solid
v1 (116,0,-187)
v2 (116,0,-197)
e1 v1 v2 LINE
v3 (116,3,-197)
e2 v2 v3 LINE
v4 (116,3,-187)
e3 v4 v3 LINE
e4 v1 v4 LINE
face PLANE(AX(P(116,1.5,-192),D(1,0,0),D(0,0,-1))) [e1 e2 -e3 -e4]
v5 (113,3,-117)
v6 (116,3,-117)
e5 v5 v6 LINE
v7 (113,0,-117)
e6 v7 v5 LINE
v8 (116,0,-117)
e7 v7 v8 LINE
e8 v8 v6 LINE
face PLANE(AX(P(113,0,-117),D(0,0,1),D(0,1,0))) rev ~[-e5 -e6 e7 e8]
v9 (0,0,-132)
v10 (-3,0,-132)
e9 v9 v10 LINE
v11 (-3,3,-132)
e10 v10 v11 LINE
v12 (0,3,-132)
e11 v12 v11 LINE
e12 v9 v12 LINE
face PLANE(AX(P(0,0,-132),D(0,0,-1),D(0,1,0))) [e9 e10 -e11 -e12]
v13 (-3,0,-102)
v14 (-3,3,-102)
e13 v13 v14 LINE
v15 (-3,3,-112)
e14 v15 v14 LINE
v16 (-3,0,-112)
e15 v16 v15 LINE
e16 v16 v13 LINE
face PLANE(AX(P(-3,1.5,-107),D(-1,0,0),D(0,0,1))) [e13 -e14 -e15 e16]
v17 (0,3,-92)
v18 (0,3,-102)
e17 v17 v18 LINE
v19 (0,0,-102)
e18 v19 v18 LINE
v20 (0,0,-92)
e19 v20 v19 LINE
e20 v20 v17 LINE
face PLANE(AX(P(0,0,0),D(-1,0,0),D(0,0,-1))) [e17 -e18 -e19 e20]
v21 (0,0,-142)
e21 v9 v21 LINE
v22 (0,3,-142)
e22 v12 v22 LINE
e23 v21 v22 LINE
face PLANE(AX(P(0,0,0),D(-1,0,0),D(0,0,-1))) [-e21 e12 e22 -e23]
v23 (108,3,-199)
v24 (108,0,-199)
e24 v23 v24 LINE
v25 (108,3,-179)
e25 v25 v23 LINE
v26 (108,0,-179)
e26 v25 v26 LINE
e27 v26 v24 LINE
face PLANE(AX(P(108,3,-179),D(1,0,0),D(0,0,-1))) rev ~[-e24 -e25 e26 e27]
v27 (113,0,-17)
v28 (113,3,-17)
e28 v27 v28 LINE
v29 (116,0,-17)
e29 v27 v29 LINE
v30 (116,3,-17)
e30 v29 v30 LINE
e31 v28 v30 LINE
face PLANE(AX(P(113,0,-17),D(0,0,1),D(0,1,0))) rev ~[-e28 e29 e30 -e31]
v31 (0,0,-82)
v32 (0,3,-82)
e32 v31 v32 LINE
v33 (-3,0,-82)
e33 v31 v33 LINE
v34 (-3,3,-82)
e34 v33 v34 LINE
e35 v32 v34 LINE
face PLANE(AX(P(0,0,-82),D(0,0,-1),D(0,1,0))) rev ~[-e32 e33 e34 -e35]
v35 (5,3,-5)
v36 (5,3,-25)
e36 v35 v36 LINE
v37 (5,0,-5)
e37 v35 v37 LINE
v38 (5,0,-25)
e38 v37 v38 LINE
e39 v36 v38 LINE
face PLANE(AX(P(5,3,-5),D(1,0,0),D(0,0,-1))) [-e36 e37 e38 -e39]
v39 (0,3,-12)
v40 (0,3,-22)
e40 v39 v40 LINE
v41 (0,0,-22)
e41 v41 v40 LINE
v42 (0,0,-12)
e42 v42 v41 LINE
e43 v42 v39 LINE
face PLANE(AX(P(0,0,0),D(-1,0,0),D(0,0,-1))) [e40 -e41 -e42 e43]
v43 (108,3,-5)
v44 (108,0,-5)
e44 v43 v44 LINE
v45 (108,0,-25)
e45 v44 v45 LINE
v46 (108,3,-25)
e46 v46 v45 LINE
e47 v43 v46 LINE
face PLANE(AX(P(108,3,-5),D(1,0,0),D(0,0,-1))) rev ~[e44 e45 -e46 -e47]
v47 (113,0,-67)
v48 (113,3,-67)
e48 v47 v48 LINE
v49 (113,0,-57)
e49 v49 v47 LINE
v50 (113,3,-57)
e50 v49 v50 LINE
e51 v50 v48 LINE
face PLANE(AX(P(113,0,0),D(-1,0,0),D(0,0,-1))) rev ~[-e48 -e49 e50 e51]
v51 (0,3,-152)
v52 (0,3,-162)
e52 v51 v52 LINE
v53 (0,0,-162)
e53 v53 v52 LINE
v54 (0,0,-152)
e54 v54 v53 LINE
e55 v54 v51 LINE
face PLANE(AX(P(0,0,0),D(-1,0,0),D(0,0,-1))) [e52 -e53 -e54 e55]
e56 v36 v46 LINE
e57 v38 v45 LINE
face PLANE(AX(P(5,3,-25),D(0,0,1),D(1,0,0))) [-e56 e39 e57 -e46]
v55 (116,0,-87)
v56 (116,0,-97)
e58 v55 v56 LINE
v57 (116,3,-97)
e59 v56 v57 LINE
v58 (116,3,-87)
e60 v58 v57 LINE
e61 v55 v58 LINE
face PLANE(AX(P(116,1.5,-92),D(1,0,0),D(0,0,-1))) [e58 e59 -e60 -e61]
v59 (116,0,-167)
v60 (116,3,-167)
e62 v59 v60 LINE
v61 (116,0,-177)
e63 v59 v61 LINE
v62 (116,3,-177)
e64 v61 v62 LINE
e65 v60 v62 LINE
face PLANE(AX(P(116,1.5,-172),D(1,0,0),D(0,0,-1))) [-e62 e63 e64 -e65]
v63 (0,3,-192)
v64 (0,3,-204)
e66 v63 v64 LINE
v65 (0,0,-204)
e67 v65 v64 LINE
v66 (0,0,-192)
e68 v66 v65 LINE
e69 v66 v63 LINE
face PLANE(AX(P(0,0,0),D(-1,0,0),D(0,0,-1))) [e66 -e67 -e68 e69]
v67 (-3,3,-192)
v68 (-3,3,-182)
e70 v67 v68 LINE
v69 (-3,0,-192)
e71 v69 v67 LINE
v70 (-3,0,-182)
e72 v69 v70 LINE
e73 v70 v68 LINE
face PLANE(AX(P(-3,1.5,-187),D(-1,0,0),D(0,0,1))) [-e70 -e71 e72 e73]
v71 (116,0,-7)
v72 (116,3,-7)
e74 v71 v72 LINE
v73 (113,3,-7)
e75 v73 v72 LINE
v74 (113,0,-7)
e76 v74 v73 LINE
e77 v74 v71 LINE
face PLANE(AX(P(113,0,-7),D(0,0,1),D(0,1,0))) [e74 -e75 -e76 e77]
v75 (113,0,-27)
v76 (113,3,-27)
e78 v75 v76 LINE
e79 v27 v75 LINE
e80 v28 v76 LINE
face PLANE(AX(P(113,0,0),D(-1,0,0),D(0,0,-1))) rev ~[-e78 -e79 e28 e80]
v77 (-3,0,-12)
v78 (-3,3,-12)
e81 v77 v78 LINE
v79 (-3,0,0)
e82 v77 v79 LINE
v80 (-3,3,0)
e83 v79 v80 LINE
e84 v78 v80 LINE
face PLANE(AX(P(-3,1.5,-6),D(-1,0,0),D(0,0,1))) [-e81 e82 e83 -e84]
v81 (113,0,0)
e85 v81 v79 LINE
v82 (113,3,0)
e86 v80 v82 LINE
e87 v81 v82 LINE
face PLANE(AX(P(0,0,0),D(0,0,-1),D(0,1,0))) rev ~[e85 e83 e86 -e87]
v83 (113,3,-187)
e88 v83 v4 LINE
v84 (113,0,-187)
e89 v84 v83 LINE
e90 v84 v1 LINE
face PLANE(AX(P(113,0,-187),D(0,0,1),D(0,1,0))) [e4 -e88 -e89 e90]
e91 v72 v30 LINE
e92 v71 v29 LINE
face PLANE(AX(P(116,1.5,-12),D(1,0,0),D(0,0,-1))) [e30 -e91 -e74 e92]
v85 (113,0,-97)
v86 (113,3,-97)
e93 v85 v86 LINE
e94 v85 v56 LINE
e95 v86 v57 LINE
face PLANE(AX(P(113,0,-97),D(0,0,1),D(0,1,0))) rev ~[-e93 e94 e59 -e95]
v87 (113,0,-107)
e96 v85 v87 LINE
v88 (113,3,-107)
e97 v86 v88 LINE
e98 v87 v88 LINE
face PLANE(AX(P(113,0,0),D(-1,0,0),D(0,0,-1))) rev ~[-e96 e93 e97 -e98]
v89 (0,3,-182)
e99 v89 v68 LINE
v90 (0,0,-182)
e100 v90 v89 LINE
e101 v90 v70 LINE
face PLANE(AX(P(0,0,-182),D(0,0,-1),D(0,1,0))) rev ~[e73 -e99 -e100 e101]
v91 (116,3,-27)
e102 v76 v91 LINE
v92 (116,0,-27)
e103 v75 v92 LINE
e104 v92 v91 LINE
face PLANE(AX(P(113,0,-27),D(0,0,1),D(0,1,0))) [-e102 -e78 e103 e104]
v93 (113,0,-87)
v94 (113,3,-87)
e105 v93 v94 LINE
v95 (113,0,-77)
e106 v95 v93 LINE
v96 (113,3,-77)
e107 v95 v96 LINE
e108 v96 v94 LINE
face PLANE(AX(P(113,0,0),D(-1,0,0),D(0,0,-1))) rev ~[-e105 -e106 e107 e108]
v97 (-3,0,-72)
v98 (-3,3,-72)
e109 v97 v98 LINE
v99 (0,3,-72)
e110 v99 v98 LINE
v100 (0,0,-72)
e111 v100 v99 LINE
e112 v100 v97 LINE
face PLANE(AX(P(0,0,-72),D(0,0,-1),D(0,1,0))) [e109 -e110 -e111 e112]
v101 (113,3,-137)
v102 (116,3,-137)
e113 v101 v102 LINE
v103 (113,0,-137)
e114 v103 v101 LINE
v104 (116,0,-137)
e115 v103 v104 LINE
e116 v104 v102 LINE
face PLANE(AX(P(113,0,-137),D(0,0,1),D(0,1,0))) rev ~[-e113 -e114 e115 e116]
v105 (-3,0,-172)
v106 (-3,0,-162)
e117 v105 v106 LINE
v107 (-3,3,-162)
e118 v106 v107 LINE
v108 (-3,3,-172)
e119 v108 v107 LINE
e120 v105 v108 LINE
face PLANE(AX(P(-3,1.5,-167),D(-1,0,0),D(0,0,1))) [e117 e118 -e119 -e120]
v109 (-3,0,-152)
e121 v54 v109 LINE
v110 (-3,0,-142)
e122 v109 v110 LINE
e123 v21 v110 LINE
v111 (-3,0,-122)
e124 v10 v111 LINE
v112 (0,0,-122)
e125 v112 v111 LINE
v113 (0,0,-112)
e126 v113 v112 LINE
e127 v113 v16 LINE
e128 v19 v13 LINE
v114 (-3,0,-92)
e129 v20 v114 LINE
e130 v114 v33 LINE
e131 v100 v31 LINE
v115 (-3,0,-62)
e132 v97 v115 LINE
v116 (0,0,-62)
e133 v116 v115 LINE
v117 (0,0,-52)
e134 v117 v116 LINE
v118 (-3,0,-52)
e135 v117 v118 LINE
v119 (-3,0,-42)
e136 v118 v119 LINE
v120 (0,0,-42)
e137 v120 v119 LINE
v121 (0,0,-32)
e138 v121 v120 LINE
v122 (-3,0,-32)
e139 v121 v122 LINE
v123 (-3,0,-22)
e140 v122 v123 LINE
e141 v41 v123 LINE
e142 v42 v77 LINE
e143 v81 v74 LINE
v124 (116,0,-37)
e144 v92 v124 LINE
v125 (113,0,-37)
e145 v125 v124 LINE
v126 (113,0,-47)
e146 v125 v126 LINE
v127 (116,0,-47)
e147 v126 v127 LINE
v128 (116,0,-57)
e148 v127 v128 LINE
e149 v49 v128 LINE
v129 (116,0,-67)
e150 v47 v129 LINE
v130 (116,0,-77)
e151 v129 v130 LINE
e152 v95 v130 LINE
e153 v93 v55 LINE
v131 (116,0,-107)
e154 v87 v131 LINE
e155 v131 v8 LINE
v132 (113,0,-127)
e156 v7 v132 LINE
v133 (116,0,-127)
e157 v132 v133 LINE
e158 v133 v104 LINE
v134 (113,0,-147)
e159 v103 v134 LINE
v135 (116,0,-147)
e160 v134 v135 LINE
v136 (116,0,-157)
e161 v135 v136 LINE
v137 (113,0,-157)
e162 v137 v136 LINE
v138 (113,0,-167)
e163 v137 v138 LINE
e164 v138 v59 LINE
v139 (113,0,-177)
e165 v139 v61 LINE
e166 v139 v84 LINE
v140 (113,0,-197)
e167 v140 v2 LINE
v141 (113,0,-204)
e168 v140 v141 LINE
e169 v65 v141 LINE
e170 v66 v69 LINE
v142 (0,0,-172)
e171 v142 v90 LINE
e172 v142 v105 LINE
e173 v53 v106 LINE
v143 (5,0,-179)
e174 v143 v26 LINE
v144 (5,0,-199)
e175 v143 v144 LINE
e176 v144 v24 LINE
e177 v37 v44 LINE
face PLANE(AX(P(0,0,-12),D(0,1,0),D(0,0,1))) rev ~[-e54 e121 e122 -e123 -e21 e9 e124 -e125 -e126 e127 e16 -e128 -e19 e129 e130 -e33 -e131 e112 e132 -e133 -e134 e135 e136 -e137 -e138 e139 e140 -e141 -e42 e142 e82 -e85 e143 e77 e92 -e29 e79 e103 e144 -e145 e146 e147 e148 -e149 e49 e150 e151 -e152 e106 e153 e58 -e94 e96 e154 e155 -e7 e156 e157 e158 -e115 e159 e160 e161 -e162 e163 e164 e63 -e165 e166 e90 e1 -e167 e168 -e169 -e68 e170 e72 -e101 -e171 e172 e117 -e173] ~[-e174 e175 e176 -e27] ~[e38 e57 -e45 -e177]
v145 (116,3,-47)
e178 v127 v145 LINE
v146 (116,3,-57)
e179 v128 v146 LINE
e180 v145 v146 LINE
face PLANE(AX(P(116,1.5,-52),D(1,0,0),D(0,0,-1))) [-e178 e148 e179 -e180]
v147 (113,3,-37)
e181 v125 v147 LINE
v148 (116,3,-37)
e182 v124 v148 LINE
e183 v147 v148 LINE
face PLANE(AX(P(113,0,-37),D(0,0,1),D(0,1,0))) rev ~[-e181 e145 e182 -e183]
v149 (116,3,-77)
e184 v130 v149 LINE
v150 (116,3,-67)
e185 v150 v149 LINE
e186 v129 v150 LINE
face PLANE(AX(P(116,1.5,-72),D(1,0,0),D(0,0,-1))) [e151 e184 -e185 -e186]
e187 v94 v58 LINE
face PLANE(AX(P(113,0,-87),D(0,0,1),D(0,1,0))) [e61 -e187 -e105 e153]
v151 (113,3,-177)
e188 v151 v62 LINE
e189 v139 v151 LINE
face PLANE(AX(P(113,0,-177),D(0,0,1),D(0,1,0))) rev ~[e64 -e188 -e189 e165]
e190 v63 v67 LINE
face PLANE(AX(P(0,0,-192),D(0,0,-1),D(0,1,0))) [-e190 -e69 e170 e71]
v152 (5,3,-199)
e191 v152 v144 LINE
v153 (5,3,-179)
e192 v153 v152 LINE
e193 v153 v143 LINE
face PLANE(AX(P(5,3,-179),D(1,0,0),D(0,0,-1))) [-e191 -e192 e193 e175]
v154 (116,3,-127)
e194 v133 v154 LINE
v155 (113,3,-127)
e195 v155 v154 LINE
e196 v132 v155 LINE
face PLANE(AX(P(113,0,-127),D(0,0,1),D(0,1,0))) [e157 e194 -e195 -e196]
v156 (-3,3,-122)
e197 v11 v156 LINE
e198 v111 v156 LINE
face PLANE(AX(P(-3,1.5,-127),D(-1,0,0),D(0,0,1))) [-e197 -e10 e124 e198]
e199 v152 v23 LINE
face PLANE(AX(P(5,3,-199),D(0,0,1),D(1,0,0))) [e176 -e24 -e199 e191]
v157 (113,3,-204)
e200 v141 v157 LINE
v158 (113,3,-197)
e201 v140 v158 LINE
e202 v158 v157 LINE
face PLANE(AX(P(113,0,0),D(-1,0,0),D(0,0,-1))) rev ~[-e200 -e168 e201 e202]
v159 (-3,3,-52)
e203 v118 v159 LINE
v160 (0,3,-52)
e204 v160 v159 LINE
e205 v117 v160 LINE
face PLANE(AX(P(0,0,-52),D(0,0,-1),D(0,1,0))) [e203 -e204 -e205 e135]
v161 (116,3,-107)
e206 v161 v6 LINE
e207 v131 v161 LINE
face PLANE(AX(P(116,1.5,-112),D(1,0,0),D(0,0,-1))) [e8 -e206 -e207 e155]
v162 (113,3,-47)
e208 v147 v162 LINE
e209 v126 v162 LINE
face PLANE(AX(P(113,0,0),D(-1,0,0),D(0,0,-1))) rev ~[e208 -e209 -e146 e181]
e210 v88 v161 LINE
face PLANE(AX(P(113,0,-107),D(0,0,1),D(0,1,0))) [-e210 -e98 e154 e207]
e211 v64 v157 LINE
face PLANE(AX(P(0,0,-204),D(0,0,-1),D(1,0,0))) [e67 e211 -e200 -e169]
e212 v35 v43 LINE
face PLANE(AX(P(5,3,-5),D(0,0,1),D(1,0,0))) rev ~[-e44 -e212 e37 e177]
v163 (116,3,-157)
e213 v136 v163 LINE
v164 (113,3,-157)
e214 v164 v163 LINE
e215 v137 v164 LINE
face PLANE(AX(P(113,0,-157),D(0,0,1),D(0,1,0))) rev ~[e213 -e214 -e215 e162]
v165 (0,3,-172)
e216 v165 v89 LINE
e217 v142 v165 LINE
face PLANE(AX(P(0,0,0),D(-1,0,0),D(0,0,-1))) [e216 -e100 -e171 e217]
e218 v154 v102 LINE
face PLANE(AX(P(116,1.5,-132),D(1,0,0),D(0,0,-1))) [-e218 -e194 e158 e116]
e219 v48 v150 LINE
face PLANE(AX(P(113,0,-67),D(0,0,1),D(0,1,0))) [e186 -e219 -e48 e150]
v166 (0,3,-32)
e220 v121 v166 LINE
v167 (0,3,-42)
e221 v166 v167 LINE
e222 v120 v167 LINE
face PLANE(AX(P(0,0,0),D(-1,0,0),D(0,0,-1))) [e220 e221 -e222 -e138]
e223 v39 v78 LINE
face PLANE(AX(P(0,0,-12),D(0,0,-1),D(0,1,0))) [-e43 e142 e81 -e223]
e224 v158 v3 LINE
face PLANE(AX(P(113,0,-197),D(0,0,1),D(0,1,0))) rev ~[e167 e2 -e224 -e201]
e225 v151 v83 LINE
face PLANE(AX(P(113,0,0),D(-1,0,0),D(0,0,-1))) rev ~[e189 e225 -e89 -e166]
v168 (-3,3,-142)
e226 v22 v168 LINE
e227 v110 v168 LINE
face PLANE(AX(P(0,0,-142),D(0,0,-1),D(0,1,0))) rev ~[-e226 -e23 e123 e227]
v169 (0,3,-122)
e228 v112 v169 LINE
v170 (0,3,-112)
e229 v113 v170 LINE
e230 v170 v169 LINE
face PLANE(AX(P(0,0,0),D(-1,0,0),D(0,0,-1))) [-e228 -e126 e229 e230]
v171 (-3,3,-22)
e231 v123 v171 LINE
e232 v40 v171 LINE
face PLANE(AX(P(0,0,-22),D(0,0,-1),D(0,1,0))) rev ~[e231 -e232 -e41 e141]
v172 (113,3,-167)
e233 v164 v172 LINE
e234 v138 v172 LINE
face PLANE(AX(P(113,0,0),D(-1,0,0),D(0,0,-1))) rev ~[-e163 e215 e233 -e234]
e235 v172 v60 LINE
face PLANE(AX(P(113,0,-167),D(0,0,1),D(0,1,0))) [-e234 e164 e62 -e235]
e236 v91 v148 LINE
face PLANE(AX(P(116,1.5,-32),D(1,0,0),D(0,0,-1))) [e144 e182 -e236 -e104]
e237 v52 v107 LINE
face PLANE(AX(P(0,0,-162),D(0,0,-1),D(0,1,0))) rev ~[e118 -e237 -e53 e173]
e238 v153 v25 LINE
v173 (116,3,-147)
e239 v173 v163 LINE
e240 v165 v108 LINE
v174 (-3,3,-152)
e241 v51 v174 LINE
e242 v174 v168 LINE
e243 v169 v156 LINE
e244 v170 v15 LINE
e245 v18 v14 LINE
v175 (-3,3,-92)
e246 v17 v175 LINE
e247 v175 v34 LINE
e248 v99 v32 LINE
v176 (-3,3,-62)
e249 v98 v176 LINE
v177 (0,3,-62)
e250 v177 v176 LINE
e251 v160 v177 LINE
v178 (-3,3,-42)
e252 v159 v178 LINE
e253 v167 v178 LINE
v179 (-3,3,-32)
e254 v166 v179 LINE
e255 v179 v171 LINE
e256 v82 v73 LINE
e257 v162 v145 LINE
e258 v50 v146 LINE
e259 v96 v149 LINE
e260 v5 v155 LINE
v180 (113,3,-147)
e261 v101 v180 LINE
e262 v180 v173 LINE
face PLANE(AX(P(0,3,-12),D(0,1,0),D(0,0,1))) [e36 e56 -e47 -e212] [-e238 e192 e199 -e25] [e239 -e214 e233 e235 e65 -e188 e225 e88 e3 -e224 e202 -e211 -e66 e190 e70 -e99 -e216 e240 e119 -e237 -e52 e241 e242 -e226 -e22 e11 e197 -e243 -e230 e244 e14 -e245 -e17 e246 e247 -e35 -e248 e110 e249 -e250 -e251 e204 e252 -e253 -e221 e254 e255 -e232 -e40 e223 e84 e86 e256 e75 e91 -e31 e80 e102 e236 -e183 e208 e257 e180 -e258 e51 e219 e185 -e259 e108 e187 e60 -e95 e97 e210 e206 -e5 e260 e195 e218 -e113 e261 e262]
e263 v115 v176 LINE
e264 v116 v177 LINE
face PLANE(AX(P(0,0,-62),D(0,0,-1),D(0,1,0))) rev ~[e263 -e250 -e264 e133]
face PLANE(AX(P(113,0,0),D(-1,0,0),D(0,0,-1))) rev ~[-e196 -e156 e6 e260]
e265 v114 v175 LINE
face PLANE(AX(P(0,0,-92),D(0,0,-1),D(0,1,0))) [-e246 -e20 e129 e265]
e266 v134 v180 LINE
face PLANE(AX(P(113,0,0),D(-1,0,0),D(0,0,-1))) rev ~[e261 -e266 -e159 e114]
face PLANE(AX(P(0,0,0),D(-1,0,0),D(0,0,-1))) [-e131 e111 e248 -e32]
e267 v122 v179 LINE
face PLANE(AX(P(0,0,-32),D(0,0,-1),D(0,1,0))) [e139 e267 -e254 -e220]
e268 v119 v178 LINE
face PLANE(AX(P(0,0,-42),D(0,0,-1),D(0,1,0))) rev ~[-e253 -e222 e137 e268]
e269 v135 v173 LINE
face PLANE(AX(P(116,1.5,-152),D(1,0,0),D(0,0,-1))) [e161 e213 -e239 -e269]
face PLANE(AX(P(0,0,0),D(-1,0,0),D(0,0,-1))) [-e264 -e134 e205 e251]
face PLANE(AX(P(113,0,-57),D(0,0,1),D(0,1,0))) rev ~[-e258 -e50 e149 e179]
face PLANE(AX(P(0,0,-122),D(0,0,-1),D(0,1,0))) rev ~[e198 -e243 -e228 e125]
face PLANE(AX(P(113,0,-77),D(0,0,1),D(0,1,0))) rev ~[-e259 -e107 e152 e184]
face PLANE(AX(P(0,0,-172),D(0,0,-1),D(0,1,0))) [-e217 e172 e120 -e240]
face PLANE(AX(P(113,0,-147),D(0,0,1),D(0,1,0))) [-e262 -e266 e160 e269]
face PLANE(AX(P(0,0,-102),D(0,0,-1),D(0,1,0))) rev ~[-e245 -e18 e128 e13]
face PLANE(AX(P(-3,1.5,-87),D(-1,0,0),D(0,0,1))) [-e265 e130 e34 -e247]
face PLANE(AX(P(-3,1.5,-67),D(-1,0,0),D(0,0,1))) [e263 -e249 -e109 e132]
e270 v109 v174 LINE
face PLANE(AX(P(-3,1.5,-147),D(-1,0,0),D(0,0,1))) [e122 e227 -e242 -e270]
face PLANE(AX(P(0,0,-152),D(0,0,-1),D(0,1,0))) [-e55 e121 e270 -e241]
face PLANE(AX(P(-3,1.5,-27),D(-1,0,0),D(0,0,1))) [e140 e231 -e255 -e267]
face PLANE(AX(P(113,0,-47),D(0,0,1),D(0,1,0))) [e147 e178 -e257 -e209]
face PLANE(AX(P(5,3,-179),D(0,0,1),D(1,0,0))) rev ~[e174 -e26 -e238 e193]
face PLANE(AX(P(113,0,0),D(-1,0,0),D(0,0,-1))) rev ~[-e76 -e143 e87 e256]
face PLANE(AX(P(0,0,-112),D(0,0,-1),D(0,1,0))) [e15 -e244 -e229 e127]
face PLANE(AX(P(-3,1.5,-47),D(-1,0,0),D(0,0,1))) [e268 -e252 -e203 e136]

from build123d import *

# Parameters (mm, degrees)
SKETCH1_W           = 113
SKETCH1_H           = 204
BOSS_EXTRUDE1_DEPTH = 3
SKETCH2_W           = 10
SKETCH2_H           = 3
BOSS_EXTRUDE2_DEPTH = 3
LPATTERN1_COUNT     = 10
LPATTERN1_PITCH     = 20
SKETCH4_W           = 103
SKETCH4_H           = 20
CUT_EXTRUDE1_DEPTH  = 4
SKETCH3_W           = 12
SKETCH3_H           = 3
SKETCH3_W_2         = 10
BOSS_EXTRUDE3_DEPTH = 3


with BuildPart() as part:
    # Sketch1 → Boss-Extrude1 (new body)
    with BuildSketch(Plane(origin=(0, 0, 0), x_dir=(1, 0, 0), z_dir=(0, 1, 0))):
        with Locations((56.5, 102)):
            Rectangle(SKETCH1_W, SKETCH1_H)
    extrude(amount=BOSS_EXTRUDE1_DEPTH)

    # Sketch2 → Boss-Extrude2 (add)
    with BuildSketch(Plane(origin=(113, 0, 0), x_dir=(0, 0, -1), z_dir=(1, 0, 0))):
        with Locations((12, 1.5)):
            Rectangle(SKETCH2_W, SKETCH2_H)
    boss_extrude2 = extrude(amount=BOSS_EXTRUDE2_DEPTH)

    # LPattern1: Boss-Extrude2 ×10
    with Locations(*[(0, 0, -i * LPATTERN1_PITCH) for i in range(1, LPATTERN1_COUNT)]):
        add(boss_extrude2)

    # Sketch4 → Cut-Extrude1 (cut, through all)
    with BuildSketch(Plane(origin=(0, 3, 0), x_dir=(1, 0, 0), z_dir=(0, 1, 0))):
        with Locations((56.5, 15)):
            Rectangle(SKETCH4_W, SKETCH4_H)
        with Locations((56.5, 189)):
            Rectangle(SKETCH4_W, SKETCH4_H)
    extrude(amount=-CUT_EXTRUDE1_DEPTH, mode=Mode.SUBTRACT)

    # Sketch3 → Boss-Extrude3 (add)
    with BuildSketch(Plane.ZY):
        with Locations((-6, 1.5)):
            Rectangle(SKETCH3_W, SKETCH3_H)
        with Locations((-27, 1.5)):
            Rectangle(SKETCH3_W_2, SKETCH3_H)
        with Locations((-47, 1.5)):
            Rectangle(SKETCH3_W_2, SKETCH3_H)
        with Locations((-67, 1.5)):
            Rectangle(SKETCH3_W_2, SKETCH3_H)
        with Locations((-87, 1.5)):
            Rectangle(SKETCH3_W_2, SKETCH3_H)
        with Locations((-107, 1.5)):
            Rectangle(SKETCH3_W_2, SKETCH3_H)
        with Locations((-127, 1.5)):
            Rectangle(SKETCH3_W_2, SKETCH3_H)
        with Locations((-147, 1.5)):
            Rectangle(SKETCH3_W_2, SKETCH3_H)
        with Locations((-167, 1.5)):
            Rectangle(SKETCH3_W_2, SKETCH3_H)
        with Locations((-187, 1.5)):
            Rectangle(SKETCH3_W_2, SKETCH3_H)
    extrude(amount=BOSS_EXTRUDE3_DEPTH)


solid = part.part
